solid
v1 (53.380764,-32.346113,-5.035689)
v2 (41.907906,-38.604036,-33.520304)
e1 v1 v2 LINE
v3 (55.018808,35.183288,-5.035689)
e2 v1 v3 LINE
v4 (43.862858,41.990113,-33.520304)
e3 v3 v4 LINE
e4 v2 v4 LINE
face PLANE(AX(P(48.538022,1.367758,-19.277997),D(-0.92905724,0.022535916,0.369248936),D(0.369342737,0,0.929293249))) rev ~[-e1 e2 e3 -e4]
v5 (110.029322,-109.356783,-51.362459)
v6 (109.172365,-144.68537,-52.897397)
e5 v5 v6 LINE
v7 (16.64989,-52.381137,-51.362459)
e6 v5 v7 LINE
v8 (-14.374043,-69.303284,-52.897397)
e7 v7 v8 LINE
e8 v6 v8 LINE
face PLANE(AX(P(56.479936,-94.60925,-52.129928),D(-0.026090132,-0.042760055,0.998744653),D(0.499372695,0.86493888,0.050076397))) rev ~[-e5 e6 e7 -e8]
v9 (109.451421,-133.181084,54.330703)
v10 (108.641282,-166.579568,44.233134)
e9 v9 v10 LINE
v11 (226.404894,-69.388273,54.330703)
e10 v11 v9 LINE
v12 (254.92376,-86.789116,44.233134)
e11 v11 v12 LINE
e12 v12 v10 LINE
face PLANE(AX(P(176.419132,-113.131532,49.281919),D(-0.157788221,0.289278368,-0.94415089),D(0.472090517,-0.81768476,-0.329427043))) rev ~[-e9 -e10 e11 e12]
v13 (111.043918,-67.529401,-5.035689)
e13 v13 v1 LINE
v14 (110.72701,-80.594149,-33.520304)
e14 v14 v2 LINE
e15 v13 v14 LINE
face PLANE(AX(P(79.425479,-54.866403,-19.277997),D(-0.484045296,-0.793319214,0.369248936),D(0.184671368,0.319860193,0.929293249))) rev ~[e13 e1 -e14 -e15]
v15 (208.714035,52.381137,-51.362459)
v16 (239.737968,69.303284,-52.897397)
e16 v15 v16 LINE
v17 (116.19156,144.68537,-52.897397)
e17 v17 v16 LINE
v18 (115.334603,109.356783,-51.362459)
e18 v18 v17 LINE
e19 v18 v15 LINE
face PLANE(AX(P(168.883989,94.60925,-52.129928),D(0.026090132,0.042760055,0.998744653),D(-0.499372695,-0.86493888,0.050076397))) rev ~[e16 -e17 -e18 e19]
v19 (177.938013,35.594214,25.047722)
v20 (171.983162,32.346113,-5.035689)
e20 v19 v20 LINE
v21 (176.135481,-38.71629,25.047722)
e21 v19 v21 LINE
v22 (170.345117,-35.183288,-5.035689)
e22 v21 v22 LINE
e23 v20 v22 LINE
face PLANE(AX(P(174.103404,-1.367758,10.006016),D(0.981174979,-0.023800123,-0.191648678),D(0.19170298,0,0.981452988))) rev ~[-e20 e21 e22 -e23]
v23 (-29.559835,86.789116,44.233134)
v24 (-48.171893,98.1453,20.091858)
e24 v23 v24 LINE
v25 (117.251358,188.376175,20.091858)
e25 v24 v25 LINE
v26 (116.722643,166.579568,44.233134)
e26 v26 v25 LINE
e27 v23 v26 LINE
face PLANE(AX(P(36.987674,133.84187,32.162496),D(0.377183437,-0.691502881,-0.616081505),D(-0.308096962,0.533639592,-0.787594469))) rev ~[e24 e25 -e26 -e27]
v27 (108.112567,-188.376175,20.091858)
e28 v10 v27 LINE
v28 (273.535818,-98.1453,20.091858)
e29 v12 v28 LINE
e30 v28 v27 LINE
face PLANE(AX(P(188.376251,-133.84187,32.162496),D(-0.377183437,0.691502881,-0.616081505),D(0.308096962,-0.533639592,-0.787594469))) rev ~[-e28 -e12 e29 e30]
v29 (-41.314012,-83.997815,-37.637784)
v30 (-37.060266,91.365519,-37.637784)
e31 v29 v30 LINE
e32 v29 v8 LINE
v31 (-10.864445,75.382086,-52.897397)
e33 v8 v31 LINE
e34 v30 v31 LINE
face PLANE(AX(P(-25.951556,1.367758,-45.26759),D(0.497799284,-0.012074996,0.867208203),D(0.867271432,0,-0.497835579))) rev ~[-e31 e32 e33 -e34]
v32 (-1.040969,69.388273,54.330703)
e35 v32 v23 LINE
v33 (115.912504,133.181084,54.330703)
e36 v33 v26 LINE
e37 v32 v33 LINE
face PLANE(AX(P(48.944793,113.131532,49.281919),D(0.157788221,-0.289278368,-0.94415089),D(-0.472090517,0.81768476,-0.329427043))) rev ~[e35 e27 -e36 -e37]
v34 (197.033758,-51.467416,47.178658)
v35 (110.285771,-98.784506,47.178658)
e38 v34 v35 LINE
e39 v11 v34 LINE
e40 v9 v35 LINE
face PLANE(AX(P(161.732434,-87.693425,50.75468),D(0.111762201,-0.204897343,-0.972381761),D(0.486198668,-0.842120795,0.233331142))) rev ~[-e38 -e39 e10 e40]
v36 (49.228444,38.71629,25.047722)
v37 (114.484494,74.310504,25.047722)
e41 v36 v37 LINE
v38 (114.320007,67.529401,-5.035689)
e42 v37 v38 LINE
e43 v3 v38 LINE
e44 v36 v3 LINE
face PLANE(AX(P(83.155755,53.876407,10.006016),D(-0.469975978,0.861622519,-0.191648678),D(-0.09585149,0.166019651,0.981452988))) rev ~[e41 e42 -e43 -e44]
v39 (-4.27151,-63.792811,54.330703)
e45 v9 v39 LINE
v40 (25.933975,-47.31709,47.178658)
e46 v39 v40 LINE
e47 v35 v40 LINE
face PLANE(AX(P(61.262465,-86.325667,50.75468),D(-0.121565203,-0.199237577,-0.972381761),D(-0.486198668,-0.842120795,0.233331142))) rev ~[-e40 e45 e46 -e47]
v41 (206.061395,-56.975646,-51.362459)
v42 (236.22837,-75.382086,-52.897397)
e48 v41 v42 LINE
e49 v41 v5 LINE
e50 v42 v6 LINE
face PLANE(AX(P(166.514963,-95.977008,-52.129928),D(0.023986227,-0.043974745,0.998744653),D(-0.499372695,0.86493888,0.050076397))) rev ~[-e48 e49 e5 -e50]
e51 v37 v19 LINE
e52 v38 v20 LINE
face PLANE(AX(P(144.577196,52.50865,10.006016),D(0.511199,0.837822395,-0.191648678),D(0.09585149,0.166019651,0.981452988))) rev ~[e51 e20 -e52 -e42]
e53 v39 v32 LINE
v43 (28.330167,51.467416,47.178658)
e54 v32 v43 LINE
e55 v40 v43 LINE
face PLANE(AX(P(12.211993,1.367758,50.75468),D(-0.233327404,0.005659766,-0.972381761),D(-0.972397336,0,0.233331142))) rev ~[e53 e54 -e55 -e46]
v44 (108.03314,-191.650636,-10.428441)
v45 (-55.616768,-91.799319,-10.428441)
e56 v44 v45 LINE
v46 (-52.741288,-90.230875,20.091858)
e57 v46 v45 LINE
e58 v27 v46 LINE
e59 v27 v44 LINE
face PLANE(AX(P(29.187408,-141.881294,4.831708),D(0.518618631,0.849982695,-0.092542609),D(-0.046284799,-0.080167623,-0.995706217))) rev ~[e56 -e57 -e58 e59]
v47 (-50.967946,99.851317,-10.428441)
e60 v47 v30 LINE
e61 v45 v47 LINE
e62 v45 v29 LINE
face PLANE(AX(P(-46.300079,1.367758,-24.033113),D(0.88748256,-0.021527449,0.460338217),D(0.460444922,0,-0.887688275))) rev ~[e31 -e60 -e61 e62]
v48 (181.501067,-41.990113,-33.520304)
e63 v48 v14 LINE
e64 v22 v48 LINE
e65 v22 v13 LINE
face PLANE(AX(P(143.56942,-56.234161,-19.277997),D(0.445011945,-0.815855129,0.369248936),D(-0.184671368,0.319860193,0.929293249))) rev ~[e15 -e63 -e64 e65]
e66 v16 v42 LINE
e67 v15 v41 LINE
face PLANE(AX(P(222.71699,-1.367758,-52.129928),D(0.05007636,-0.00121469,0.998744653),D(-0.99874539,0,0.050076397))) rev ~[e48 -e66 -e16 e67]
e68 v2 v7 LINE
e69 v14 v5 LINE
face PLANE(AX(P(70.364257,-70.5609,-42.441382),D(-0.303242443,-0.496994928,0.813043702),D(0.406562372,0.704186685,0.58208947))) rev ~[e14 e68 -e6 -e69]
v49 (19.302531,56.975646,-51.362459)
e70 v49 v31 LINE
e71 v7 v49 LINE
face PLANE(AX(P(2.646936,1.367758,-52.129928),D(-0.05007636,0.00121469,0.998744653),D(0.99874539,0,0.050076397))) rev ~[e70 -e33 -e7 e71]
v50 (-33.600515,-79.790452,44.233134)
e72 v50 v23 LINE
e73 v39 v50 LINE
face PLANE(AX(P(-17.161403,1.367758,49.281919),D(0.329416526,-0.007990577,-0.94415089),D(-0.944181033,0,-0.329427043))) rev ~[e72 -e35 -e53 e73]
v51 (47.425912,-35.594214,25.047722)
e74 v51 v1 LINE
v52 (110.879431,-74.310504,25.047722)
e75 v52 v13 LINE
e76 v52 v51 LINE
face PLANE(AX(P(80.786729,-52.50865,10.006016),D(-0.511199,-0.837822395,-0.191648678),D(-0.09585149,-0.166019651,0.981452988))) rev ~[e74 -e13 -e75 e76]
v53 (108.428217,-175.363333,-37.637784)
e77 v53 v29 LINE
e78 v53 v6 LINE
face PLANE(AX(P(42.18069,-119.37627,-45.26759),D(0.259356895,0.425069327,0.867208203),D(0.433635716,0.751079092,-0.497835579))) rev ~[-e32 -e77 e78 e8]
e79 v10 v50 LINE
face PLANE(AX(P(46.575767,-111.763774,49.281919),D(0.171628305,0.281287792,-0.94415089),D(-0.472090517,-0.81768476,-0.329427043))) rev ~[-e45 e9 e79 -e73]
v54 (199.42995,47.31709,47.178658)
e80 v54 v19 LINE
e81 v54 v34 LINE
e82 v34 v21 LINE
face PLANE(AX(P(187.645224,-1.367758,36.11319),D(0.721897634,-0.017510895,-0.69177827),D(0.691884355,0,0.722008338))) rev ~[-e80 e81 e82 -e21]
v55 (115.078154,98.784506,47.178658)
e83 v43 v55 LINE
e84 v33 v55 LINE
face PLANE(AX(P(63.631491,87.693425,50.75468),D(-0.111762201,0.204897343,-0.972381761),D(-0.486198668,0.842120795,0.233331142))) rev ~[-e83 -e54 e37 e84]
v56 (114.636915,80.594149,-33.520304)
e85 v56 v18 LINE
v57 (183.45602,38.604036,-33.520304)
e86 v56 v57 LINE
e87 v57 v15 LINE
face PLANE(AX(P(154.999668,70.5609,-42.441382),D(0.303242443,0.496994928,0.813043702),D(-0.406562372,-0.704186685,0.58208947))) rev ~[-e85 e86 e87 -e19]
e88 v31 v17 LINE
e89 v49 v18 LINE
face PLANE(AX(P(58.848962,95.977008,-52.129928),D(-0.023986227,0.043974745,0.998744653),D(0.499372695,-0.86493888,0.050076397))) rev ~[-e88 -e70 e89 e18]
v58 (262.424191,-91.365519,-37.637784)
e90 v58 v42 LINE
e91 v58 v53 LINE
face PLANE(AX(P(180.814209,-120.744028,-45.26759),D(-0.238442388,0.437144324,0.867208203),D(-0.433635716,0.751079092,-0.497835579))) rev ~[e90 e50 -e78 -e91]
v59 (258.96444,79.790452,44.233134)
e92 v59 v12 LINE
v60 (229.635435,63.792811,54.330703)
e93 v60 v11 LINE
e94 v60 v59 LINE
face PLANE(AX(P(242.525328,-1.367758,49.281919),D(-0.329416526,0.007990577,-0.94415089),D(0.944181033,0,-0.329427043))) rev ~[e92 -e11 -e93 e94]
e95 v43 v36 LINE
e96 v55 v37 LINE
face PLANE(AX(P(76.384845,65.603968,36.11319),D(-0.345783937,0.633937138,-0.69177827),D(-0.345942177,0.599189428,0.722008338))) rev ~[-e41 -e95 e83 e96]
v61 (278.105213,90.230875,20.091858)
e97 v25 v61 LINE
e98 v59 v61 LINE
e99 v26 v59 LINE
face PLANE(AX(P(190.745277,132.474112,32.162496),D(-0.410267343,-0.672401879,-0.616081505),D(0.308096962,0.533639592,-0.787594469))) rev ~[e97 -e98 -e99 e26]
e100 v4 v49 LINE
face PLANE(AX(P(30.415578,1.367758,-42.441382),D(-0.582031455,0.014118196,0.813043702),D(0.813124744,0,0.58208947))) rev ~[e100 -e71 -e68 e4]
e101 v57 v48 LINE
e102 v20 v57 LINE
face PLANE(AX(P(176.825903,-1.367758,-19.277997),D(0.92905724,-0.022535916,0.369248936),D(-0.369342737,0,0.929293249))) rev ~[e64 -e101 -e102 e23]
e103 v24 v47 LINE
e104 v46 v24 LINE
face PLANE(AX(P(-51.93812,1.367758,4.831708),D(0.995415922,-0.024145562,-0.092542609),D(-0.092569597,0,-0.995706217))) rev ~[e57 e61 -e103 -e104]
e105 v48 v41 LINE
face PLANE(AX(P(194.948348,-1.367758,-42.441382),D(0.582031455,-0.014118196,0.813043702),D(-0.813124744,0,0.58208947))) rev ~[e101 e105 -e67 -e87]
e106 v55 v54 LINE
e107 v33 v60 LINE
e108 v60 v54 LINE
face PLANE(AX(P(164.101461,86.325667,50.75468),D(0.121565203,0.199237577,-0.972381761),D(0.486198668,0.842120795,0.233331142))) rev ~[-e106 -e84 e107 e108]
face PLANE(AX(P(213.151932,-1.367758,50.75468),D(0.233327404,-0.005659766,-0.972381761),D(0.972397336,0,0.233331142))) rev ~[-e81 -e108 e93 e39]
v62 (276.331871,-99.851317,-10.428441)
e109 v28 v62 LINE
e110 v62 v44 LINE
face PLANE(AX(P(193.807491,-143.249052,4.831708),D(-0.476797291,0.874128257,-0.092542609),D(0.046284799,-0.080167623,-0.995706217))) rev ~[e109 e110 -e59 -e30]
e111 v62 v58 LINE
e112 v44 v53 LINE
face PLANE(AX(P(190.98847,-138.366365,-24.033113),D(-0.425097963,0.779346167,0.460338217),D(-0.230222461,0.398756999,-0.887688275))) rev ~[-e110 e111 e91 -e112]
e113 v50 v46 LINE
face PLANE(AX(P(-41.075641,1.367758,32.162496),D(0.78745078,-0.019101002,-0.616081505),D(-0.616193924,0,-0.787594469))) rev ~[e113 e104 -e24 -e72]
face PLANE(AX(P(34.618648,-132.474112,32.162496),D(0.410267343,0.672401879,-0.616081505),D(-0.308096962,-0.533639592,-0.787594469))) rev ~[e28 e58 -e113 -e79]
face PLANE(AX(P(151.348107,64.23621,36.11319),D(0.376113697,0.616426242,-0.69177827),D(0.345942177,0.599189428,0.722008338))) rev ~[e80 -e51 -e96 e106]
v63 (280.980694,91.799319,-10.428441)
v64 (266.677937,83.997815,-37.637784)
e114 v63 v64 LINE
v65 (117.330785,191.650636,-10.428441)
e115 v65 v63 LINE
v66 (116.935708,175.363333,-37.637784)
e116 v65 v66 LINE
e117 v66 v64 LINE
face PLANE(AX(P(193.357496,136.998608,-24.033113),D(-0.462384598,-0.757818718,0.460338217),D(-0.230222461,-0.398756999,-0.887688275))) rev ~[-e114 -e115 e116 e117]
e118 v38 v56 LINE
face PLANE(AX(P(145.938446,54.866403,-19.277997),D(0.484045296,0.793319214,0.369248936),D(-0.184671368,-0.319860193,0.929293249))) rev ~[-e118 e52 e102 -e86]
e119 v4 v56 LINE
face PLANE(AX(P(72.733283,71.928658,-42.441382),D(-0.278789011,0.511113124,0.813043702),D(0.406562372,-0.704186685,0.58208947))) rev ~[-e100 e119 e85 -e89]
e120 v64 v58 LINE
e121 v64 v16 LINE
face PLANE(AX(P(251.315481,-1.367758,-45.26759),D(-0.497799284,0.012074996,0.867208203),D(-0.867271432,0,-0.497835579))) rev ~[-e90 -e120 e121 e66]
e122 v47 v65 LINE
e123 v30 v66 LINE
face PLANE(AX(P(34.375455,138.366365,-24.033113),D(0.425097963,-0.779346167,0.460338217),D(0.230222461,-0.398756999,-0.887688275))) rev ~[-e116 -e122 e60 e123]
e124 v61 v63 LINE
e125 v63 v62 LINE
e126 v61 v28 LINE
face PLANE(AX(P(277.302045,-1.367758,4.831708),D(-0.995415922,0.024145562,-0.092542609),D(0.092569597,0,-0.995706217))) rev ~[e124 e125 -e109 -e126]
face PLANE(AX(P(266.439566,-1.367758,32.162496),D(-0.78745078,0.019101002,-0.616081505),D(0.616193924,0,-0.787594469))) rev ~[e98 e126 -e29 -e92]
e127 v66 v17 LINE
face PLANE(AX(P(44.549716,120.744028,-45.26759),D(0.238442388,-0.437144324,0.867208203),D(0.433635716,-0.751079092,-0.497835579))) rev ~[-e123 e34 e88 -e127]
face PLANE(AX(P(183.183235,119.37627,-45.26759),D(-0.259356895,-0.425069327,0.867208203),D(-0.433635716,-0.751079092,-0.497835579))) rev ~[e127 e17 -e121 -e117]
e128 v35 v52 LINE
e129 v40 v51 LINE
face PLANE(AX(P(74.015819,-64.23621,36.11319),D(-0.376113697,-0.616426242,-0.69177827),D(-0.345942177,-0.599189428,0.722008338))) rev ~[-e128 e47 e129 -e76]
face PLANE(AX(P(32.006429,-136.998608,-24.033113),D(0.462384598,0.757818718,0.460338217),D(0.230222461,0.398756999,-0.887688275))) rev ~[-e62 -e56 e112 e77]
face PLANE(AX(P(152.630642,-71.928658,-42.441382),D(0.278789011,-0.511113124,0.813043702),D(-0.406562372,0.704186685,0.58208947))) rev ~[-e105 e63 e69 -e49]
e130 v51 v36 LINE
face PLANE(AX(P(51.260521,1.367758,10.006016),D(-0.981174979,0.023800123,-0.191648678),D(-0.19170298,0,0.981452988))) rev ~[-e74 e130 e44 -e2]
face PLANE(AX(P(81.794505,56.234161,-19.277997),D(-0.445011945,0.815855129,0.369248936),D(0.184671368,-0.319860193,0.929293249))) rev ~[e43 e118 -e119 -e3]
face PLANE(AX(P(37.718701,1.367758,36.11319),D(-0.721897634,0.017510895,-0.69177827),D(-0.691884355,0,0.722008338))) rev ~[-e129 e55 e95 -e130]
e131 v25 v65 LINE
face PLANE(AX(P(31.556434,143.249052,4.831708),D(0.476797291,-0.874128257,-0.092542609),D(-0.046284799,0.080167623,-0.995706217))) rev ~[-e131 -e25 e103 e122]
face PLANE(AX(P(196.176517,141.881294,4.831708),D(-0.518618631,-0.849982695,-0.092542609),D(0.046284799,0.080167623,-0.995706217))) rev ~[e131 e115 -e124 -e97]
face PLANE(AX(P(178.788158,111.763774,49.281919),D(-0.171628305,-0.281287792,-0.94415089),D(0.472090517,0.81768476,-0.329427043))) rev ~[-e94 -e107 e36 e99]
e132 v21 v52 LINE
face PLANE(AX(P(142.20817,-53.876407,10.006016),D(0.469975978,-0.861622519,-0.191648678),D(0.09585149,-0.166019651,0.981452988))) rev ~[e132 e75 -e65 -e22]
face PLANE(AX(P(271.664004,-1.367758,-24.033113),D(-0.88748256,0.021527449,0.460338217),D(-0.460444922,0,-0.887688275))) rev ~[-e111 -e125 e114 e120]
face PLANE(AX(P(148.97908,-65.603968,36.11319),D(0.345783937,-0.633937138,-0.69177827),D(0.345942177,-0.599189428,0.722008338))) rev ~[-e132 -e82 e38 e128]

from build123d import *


with BuildPart() as f2:
    # F2: sweep along a path in F1
    with BuildLine(Plane.XY) as f2_path:
        Line((111.1026118188, -65.109723053), (55.505612987, -31.187103672))
        Line((55.505612987, -31.187103672), (57.0849637179, 33.922619381))
        Line((57.0849637179, 33.922619381), (114.2613132806, 65.109723053))
        Line((114.2613132806, 65.109723053), (169.8583121124, 31.187103672))
        Line((169.8583121124, 31.187103672), (168.2789613815, -33.922619381))
        Line((168.2789613815, -33.922619381), (111.1026118188, -65.109723053))
    # F0 (on Front) → F2 (sweep)
    with BuildSketch(Plane.XZ):
        Polygon((-12.6929697398, -52.8973966771), (17.9204861451, -51.3624593682), (42.8443142989, -33.5203041197), (54.1653753864, -5.0356891564), (48.2893125029, 25.0477215336), (27.0817340957, 47.1786576154), (-2.7241035365, 54.3307032528), (-31.6650575434, 44.2331344899), (-50.5525795149, 20.0918580627), (-53.3900146779, -10.428441337), (-39.2764974165, -37.6377842961), align=None)
    sweep(path=f2_path.line, transition=Transition.RIGHT)


solid = f2.part
